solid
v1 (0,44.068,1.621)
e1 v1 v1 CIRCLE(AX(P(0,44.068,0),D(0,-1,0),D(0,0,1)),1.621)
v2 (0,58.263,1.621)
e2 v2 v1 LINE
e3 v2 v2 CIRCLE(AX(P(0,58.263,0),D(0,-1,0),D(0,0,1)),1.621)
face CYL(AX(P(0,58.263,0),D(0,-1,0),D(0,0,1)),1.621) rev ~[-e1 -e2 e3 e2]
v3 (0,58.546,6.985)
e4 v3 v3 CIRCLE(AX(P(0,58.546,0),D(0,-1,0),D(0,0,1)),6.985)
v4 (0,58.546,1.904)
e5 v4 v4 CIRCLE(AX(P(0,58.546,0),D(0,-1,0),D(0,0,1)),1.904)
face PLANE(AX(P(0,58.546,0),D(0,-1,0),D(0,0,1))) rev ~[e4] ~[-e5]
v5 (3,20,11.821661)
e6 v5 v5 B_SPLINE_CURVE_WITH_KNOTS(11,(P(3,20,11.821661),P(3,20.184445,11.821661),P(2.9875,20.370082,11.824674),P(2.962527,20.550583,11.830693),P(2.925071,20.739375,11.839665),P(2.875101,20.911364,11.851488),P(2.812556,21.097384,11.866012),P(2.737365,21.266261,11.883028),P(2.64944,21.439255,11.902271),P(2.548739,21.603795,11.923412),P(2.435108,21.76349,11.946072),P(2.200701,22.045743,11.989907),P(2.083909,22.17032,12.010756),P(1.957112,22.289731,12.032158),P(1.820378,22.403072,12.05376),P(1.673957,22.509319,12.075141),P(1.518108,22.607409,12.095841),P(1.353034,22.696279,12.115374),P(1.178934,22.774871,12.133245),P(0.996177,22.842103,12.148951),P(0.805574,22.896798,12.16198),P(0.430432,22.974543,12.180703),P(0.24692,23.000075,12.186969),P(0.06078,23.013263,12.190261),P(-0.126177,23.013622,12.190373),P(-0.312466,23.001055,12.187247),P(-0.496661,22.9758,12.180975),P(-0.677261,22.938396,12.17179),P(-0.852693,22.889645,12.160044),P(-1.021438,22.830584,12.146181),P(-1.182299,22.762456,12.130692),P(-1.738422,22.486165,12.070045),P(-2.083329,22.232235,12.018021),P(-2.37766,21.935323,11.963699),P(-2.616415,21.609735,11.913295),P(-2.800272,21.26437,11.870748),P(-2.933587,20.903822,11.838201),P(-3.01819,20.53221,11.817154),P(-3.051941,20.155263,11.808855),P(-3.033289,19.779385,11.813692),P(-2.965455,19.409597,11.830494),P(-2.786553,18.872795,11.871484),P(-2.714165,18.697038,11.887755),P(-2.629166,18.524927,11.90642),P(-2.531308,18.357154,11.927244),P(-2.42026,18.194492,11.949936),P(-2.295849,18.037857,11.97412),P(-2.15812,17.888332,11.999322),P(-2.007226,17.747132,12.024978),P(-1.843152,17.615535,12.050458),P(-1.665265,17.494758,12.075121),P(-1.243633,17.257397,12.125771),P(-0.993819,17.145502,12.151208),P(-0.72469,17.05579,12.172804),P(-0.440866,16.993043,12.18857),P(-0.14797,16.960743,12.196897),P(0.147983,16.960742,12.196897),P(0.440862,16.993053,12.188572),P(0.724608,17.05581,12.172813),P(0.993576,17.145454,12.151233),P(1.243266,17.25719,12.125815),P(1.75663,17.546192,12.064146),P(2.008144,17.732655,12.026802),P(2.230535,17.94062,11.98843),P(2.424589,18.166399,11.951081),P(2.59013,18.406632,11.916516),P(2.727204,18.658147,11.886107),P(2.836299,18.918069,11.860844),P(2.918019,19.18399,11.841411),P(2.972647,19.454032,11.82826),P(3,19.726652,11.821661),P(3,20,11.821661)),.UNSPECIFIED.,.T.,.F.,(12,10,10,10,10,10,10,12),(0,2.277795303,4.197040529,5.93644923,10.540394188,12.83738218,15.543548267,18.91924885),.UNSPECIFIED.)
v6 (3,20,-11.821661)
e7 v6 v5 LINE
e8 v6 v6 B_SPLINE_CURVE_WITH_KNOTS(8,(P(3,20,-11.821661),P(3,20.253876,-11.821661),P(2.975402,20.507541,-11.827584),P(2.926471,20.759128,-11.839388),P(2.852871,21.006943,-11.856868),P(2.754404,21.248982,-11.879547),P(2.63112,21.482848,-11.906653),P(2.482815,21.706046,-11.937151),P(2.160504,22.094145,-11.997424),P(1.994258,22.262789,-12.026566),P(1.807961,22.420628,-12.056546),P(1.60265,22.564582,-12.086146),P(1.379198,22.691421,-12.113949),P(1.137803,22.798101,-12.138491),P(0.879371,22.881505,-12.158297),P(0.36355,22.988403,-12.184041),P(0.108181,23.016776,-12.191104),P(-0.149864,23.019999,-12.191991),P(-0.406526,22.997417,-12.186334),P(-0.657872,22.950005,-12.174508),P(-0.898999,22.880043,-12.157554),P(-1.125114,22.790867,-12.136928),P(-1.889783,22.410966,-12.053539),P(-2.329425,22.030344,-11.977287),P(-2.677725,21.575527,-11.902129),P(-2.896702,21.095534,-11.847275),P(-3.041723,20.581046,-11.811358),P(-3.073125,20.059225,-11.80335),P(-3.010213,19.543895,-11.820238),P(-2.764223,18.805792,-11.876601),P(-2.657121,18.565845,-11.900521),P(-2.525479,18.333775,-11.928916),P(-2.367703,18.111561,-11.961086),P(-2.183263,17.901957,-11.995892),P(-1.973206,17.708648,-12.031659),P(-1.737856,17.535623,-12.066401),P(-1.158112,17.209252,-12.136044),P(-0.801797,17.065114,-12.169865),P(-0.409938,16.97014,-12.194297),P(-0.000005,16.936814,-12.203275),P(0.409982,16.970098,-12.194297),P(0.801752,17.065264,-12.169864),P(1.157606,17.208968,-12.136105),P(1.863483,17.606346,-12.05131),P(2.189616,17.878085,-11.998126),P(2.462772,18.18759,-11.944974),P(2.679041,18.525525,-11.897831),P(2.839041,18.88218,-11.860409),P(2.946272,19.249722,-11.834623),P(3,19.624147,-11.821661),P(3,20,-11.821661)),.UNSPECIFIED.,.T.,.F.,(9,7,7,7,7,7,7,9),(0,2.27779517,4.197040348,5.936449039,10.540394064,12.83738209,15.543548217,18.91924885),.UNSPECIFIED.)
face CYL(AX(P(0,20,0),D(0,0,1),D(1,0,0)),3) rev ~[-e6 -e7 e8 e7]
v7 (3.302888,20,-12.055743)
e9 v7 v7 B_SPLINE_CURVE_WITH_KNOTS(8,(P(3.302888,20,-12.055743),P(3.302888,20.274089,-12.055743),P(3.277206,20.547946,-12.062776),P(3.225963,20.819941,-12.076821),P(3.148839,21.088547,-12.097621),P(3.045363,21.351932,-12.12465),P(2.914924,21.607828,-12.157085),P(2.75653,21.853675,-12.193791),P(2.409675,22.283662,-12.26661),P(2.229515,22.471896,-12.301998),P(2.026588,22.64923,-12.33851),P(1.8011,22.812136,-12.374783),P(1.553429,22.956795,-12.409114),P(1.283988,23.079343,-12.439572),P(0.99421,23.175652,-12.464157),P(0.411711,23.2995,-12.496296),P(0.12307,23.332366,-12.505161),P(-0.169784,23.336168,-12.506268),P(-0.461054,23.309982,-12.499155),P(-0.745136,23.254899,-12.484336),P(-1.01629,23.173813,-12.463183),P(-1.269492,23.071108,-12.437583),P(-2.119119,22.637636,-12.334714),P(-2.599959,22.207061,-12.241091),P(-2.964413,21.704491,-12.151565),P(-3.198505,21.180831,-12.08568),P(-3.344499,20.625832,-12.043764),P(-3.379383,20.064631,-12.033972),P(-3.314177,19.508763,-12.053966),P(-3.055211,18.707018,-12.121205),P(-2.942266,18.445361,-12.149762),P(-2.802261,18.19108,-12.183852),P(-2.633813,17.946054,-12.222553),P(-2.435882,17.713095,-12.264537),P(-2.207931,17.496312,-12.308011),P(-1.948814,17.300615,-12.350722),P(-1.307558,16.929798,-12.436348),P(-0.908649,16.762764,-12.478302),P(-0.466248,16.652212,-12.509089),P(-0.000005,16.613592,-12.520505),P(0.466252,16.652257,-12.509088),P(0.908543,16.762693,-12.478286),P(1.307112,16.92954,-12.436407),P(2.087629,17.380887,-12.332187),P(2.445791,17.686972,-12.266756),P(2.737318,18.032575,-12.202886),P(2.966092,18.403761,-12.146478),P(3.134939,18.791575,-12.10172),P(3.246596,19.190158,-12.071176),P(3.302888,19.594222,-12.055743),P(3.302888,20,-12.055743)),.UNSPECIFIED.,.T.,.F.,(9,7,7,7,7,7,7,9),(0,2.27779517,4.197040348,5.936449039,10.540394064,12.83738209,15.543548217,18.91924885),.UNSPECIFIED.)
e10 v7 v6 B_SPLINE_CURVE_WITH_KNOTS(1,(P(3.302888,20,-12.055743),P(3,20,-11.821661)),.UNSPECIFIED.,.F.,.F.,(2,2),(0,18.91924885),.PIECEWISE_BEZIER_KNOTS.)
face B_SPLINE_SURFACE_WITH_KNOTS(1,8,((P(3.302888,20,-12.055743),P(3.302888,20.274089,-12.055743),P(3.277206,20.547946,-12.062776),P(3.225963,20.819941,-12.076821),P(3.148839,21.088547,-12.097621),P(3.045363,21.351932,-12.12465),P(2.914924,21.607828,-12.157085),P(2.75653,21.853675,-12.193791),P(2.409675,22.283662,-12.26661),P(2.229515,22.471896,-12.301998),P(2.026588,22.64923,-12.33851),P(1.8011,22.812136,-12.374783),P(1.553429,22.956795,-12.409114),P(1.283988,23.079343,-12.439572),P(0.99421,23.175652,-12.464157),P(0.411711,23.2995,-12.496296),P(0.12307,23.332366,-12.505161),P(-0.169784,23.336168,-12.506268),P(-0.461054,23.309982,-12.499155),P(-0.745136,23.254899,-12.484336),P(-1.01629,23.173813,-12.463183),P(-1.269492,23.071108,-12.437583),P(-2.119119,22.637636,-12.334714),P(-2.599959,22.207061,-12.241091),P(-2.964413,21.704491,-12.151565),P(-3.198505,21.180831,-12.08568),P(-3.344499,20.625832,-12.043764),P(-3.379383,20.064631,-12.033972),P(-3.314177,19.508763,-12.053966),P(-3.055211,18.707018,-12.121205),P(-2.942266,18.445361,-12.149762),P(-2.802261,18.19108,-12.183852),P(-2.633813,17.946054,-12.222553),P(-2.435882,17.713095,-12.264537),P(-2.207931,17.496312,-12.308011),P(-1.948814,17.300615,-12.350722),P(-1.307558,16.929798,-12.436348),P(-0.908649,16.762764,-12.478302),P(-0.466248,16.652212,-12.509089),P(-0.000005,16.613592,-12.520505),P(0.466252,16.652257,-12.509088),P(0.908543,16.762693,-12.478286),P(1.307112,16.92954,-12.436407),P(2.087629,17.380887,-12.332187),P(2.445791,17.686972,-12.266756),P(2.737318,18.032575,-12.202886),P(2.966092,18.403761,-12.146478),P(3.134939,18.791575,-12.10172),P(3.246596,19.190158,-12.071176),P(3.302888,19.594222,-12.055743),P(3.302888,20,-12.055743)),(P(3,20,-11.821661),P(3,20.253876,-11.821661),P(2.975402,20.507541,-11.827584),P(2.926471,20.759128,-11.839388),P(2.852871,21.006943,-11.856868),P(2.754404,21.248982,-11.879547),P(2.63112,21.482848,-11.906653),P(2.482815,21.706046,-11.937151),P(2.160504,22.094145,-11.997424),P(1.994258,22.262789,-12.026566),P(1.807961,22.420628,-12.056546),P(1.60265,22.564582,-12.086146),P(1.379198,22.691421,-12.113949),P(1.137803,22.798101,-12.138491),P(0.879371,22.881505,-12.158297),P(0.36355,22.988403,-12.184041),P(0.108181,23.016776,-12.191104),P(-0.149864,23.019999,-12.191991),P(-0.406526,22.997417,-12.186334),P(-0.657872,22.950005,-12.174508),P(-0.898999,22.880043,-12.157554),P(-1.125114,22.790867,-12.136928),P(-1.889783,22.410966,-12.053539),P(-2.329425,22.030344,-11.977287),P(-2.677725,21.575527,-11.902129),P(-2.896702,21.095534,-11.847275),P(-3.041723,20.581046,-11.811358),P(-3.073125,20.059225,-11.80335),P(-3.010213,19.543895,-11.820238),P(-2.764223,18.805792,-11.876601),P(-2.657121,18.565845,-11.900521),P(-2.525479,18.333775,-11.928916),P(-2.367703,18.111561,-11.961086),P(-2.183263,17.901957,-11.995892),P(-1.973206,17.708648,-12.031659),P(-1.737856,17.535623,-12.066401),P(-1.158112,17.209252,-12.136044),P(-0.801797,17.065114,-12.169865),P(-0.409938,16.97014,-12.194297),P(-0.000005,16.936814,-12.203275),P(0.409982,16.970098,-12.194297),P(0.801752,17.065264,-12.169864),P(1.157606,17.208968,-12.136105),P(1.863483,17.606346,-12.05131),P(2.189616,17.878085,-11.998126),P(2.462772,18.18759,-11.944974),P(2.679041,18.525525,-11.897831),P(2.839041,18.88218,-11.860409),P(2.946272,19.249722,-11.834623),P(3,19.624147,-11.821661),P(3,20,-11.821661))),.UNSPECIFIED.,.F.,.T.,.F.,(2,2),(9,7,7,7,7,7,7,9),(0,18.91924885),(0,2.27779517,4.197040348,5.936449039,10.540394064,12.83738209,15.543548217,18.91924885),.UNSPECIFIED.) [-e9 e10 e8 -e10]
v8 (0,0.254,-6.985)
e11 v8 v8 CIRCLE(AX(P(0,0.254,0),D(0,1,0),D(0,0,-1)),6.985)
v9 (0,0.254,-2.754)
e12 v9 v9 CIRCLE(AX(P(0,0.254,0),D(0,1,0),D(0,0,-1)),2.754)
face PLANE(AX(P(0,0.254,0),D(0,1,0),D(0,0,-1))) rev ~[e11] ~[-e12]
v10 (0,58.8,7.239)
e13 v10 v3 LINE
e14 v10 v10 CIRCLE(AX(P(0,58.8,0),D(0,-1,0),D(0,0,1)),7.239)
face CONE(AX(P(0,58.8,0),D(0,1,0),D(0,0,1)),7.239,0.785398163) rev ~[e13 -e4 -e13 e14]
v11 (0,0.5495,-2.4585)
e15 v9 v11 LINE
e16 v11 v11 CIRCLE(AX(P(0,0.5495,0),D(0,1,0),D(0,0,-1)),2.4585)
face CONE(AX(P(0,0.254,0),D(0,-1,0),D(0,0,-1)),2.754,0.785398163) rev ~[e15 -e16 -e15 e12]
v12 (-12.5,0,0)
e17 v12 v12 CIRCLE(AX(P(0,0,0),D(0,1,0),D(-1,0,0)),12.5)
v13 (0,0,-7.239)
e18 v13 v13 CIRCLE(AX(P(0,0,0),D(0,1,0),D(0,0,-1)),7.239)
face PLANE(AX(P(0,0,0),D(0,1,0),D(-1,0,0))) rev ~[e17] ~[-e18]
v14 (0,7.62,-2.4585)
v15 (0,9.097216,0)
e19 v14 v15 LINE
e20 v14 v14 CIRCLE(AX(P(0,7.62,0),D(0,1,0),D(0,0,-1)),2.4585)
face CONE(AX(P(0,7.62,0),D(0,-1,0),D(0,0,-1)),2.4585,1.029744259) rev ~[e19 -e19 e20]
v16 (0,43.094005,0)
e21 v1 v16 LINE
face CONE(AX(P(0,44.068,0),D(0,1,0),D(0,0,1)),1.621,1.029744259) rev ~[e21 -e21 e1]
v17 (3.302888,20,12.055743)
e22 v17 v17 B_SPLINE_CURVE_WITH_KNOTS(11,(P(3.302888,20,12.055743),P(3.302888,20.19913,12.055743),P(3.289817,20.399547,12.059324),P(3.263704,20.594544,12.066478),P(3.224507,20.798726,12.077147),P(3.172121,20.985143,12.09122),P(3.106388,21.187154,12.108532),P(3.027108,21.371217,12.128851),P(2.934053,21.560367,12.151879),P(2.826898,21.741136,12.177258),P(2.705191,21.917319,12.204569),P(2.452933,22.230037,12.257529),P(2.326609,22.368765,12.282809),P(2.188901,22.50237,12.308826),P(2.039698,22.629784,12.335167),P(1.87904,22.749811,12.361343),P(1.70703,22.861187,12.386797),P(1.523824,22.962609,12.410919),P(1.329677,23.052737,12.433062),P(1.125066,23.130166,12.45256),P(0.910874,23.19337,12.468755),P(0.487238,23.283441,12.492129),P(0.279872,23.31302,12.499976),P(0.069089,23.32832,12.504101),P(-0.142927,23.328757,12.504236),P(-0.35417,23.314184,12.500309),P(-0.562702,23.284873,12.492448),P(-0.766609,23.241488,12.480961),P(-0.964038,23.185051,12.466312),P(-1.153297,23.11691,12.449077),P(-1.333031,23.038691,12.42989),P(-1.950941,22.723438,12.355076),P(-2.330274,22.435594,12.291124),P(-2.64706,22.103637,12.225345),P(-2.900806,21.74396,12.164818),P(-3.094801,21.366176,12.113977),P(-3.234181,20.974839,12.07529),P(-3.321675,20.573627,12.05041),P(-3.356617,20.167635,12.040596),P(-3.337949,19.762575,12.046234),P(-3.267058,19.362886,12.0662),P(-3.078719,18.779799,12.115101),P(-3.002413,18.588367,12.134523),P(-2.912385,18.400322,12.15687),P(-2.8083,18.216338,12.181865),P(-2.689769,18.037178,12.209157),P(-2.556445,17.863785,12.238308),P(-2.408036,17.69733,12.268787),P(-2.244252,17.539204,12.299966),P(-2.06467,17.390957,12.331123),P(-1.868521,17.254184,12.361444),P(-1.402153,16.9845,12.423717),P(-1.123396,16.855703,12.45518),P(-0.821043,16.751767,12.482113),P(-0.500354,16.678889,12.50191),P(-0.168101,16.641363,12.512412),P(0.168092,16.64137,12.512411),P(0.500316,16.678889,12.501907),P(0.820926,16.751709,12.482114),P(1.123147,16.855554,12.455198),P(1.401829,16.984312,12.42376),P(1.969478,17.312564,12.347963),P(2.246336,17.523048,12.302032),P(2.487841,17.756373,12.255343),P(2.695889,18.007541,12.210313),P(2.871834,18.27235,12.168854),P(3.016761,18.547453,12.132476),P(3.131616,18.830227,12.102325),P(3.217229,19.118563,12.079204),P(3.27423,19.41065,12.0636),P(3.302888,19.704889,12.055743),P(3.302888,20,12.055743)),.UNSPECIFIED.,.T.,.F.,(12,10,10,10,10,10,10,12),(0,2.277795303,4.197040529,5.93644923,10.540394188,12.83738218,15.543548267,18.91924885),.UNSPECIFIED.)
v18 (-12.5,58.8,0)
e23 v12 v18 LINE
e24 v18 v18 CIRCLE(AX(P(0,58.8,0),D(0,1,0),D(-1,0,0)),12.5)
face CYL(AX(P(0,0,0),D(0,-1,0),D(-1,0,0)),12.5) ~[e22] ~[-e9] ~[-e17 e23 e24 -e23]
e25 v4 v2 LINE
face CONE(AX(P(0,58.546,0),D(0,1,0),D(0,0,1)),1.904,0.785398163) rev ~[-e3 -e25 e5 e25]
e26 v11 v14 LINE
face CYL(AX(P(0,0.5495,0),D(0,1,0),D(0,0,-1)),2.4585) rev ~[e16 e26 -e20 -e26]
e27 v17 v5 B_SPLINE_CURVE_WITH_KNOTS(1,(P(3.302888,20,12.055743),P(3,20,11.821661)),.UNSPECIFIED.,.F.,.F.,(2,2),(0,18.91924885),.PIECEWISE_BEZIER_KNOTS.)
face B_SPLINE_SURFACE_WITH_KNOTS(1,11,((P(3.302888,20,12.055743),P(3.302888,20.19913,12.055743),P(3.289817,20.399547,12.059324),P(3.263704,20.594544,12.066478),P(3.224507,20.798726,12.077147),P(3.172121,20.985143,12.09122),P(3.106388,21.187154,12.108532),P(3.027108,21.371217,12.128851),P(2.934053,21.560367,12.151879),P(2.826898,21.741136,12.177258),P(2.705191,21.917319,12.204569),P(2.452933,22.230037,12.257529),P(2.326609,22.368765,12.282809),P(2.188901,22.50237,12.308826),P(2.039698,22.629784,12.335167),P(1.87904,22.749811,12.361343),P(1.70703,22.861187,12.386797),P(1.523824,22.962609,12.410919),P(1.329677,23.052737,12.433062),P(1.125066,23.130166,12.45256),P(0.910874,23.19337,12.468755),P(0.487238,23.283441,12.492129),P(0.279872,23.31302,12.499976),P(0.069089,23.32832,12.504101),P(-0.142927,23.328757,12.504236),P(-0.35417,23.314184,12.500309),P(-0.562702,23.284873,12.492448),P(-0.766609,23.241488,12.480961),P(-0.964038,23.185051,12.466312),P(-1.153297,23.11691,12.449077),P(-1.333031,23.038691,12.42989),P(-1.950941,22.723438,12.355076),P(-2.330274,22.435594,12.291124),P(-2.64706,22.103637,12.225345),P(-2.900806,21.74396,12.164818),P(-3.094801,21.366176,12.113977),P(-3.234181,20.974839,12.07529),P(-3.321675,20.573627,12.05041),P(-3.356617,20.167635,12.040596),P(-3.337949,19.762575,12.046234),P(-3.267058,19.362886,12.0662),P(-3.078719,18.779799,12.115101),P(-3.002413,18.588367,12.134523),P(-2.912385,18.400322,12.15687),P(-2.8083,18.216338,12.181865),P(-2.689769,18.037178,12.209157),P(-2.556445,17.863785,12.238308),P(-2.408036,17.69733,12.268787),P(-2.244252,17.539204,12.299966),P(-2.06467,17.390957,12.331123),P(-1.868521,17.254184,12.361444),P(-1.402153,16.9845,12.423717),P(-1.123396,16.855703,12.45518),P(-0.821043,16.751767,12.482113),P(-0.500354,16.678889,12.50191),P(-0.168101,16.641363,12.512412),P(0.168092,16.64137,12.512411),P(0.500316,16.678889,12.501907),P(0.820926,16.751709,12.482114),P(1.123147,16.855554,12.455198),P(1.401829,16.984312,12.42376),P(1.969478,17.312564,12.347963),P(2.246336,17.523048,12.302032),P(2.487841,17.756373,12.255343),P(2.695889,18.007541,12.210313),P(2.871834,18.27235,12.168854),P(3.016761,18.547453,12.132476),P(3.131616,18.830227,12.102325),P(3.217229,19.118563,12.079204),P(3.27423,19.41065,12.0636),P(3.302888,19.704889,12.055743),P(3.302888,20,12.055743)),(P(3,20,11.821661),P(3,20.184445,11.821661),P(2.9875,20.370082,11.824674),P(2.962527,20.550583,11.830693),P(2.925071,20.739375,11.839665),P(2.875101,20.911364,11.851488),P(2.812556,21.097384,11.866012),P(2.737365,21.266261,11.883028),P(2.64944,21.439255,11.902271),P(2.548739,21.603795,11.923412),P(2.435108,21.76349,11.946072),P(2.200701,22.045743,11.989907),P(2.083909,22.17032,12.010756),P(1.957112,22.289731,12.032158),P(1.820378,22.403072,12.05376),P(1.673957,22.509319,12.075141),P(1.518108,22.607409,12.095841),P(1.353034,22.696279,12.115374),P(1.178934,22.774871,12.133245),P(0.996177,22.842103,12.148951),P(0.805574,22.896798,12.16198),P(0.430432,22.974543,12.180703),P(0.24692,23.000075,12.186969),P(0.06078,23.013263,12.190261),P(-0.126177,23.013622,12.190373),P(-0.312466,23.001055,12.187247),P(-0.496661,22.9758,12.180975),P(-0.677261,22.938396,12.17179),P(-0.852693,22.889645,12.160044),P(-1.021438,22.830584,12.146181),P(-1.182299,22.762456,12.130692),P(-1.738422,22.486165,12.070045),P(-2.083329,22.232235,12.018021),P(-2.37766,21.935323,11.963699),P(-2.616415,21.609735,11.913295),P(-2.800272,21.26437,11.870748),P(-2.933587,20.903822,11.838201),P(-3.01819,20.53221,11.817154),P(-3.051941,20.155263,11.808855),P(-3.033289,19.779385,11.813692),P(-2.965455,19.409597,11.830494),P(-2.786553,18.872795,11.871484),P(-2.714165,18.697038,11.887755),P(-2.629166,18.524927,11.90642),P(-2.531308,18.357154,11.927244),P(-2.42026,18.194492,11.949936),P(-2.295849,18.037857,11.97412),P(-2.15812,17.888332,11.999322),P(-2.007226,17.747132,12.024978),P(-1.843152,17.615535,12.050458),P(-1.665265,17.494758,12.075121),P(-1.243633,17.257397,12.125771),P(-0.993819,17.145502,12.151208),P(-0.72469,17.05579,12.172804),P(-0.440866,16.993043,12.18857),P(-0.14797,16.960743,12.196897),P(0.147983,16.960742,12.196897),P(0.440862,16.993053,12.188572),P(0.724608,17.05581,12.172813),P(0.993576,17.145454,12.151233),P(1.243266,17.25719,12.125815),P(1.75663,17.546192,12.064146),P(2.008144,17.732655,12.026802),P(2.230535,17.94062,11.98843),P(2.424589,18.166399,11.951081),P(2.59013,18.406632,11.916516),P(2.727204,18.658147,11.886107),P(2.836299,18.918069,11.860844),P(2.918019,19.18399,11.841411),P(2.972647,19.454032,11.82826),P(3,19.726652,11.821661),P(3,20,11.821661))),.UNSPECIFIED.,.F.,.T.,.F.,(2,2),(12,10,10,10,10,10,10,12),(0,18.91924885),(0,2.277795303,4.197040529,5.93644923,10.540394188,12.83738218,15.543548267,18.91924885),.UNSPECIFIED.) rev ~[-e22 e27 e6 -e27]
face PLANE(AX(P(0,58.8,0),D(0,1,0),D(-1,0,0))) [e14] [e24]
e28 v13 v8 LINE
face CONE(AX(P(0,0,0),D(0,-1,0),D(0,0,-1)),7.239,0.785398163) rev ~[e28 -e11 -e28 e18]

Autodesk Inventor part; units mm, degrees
ref_plane "YZ Plane" through (0, 0, 0) normal (1, 0, 0) x (0, 1, 0)
ref_plane "XZ Plane" through (0, 0, 0) normal (0, 1, 0) x (-1, 0, 0)
ref_plane "XY Plane" through (0, 0, 0) normal (0, 0, 1) x (1, 0, 0)
sketch "Sketch1" plane through (0, 0, 0) normal (0, 1, 0) x (-1, 0, 0)
  circle A0 centre (0, 0) radius 12.5
  dimension "d0" = 25
extrude "Extrusion1" add sketch "Sketch1" along normal blind 58.8
hole "ReliefTop" at (0, 58.8, 0) direction (0, -1, 0) diameter 13.97 depth 0.254 countersink diameter 14.478 countersink angle 90
hole "ReliefBottom" at (0, 0, 0) direction (0, 1, 0) diameter 13.97 depth 0.254 countersink diameter 14.478 countersink angle 90
hole "MountBottomM6" at (0, 0.254, 0) direction (0, 1, 0) diameter 4.917 depth 7.366 tip angle 118 countersink diameter 5.508 countersink angle 90 thread size "M6x1" class "6H" standard "ISO Metric profile"
hole "MountTopM4" at (0, 58.546, 0) direction (0, -1, 0) diameter 3.242 depth 14.478 tip angle 118 countersink diameter 3.808 countersink angle 90 thread size "M4x0.7" class "6H" standard "ISO Metric profile"
sketch "Sketch2" plane through (0, 0, 0) normal (0, 0, 1) x (1, 0, 0)
  circle A0 centre (0, 20) radius 3
  line L0 (-12.5, 0) -> (12.5, 0) projected
  line L1 (0, -4.6) -> (0, 27.6) projected
  point P0 (0, 0)
  dimension "d49" = 6
  dimension "d50" = 20
extrude "Extrusion2" cut sketch "Sketch2" along normal through all both and the other way through all
chamfer "Chamfer1" distance 0.313 angle 45 2 edges at (-3, 19.9998, 12.1347) (-3, 19.9998, -12.1347)
equation "\"d1\" = height"
equation "\"d5\" = reliefMinor"
equation "\"d7\" = reliefMajor"
equation "\"d10\" = reliefDepth"
equation "\"d14\" = reliefMinor"
equation "\"d16\" = reliefMajor"
equation "\"d19\" = reliefDepth"
equation "\"d25\" = chamferM6"
equation "\"d28\" = depthM6"
equation "\"d40\" = chamferM4"
equation "\"d43\" = depthM4"
equation "\"reliefDepth\" = 0.254"
equation "\"reliefMinor\" = 13.97"
equation "\"reliefMajor\" = 14.478"
equation "\"chamferM6\" = 5.508"
equation "\"chamferM4\" = 3.808"
equation "\"depthM6\" = 7.366"
equation "\"depthM4\" = 14.478"
equation "\"height\" = 58.8"
properties part number "PLS-P642H0588A00_M" material "Stainless Steel"
